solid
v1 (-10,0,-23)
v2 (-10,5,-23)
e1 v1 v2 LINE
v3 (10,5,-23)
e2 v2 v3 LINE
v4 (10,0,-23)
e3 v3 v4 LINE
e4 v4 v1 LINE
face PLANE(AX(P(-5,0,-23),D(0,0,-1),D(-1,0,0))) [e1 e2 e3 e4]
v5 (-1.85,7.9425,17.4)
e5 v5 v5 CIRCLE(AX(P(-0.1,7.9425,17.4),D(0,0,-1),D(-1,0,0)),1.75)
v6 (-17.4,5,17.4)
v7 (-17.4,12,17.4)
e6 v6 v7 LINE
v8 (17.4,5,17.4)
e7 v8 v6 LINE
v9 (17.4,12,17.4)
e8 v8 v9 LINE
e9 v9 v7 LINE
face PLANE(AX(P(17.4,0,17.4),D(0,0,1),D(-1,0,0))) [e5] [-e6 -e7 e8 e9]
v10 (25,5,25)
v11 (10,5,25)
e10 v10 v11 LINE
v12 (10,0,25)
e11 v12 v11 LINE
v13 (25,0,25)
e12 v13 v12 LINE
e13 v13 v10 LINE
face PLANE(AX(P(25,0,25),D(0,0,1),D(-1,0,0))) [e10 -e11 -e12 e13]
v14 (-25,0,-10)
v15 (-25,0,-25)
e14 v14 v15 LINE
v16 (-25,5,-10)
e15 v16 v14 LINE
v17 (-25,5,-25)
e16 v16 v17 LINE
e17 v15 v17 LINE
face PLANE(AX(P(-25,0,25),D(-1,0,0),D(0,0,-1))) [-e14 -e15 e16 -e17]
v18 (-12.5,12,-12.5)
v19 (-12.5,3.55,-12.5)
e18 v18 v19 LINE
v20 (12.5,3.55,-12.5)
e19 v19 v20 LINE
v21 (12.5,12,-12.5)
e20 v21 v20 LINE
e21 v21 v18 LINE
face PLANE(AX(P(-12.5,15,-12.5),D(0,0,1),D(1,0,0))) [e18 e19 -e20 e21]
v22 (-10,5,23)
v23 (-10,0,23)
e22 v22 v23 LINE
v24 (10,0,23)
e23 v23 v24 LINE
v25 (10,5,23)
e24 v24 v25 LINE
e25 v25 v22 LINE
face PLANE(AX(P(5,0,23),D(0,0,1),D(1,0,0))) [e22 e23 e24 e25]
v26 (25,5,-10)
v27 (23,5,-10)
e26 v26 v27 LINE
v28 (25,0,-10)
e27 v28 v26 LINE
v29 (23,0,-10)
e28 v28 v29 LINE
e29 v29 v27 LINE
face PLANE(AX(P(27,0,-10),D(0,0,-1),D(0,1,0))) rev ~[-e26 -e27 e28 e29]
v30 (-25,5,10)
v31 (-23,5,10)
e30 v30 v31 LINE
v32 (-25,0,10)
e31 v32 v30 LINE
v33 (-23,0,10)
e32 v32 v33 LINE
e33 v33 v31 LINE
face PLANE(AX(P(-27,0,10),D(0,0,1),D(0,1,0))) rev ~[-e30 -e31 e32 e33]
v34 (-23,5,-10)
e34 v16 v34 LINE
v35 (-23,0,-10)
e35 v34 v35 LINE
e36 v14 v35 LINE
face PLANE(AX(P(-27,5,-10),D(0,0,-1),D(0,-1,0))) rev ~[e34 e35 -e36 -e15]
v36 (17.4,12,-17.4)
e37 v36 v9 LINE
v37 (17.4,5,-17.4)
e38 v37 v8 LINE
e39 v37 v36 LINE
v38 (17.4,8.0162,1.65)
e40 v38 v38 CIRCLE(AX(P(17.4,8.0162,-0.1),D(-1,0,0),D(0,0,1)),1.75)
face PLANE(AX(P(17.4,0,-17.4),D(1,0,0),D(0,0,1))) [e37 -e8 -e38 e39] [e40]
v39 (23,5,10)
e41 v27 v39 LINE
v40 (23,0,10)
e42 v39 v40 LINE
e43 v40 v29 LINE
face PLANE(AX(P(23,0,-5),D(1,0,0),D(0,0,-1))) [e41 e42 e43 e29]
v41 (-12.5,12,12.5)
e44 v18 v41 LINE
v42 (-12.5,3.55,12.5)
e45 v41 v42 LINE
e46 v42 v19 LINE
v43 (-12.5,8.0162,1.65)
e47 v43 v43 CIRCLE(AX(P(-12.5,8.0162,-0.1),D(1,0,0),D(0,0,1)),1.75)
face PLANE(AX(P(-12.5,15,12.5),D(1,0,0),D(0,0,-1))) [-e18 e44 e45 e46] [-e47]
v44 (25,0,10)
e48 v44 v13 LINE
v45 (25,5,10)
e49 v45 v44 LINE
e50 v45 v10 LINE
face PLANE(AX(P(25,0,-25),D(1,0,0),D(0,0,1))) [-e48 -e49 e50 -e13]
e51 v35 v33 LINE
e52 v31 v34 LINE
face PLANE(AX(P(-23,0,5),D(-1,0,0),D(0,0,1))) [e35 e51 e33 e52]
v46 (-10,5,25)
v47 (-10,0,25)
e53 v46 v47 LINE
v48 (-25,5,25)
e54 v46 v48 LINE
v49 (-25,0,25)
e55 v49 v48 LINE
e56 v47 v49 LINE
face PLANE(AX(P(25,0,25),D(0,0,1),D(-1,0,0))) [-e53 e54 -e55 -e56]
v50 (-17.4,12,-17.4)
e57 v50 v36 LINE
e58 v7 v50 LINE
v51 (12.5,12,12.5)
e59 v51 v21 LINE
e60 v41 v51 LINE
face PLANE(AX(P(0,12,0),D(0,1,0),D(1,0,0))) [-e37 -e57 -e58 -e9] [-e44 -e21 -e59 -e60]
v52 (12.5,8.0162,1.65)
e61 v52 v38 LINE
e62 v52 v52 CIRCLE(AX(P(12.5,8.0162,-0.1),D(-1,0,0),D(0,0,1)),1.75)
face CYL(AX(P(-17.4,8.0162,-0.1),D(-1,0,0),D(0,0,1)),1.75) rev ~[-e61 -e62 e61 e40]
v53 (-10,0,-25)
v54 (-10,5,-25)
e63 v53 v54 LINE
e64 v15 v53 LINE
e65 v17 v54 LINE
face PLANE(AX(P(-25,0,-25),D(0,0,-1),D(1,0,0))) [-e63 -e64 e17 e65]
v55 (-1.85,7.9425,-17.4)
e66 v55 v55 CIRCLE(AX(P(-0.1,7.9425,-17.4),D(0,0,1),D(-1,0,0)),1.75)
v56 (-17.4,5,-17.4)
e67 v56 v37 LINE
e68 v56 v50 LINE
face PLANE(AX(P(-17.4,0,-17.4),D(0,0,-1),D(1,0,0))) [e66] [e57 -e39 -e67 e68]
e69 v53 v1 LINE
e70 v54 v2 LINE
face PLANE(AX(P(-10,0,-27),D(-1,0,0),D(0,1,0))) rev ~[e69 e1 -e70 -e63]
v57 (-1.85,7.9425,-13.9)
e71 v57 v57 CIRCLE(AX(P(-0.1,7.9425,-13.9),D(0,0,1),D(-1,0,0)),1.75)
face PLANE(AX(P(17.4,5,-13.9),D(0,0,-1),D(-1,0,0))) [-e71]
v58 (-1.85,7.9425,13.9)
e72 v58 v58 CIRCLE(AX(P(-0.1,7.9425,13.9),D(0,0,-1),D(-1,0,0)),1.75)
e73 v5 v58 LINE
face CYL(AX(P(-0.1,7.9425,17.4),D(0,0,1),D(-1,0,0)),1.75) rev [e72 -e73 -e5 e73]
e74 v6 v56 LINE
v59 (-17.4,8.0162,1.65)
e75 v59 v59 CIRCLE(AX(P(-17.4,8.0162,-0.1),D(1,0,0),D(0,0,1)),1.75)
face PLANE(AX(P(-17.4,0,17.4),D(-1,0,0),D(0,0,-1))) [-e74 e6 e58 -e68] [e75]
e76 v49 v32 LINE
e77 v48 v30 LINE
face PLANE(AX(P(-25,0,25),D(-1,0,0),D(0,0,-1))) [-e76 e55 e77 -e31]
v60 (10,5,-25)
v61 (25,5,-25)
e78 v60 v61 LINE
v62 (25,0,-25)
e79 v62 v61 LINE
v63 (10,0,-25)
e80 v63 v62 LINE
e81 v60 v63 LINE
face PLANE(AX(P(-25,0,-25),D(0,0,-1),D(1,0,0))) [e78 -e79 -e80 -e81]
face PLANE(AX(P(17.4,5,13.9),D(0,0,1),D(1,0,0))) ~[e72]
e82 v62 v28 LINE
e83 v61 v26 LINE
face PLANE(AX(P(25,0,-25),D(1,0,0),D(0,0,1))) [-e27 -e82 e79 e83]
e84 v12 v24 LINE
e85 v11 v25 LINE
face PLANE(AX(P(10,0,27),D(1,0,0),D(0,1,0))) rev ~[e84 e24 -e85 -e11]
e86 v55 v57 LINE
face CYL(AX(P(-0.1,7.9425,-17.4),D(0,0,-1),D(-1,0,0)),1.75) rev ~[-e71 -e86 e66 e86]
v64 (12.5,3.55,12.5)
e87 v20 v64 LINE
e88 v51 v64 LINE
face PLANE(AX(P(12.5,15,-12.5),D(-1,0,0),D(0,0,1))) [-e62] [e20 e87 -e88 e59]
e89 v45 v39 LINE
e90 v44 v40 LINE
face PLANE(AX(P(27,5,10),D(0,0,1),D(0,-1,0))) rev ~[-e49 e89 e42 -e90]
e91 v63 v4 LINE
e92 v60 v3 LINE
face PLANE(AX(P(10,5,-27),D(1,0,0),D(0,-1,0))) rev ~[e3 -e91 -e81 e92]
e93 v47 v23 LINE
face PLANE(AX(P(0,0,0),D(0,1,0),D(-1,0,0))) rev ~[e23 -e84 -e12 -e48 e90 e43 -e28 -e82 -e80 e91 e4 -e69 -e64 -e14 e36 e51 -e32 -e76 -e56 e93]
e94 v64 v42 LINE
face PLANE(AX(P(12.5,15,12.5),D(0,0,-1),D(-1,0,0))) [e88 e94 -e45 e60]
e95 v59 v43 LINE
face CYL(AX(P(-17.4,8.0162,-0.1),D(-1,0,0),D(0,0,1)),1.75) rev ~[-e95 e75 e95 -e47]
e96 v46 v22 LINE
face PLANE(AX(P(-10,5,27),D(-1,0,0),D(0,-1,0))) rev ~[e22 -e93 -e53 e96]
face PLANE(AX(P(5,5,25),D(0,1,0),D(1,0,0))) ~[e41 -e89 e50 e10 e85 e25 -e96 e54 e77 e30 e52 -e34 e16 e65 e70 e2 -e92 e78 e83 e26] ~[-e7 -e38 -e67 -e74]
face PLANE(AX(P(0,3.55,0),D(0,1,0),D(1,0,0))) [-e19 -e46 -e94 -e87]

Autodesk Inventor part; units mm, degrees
ref_plane "YZ Plane" through (0, 0, 0) normal (1, 0, 0) x (0, 1, 0)
ref_plane "XZ Plane" through (0, 0, 0) normal (0, 1, 0) x (-1, 0, 0)
ref_plane "XY Plane" through (0, 0, 0) normal (0, 0, 1) x (1, 0, 0)
sketch "Sketch1" plane through (0, 0, 0) normal (0, 1, 0) x (-1, 0, 0)
  line L0 (-25, 25) -> (25, 25)
  line L1 (25, 25) -> (25, -25)
  line L2 (25, -25) -> (-25, -25)
  line L3 (-25, -25) -> (-25, 25)
  line L4 (-25, 25) -> (25, -25) construction
  line L5 (25, 25) -> (-25, -25) construction
  line L6 (-17.4, 17.4) -> (17.4, 17.4)
  line L7 (17.4, 17.4) -> (17.4, -17.4)
  line L8 (17.4, -17.4) -> (-17.4, -17.4)
  line L9 (-17.4, -17.4) -> (-17.4, 17.4)
  line L10 (-17.4, 17.4) -> (17.4, -17.4) construction
  line L11 (17.4, 17.4) -> (-17.4, -17.4) construction
  point P0 (0, 0)
  dimension "d0" = 50
  dimension "d1" = 50
  dimension "d2" = 34.8
  dimension "d3" = 34.8
extrude "Extrusion1" add sketch "Sketch1" along normal blind 5
extrude "Extrusion2" add sketch "Sketch1" along normal blind 15 contours L6 L7 L8 L9
sketch "Sketch3" plane through (0, 15, 0) normal (0, 1, 0) x (1, 0, 0)
  point P0 (0, 0)
ref_plane "Work Plane6" through (0, 5, 17.4) normal (-1, 0, 0) x (0, 0, 1)
ref_plane "Work Plane7" through (-17.4, 5, 0) normal (0, 0, 1) x (1, 0, 0)
sketch "Sketch6" plane through (0, 0, 0) normal (0, -1, 0) x (1, 0, 0)
  line L0 (-25, 25) -> (25, 25) projected
  line L1 (-5, -25) -> (5, -25)
  line L2 (5, -25) -> (5, 25)
  line L3 (5, 25) -> (-5, 25)
  line L4 (-5, 25) -> (-5, -25)
  line L5 (-5, -25) -> (5, 25) construction
  line L6 (5, -25) -> (-5, 25) construction
  line L7 (25, 25) -> (25, -25) projected
  line L8 (-25, -5) -> (25, -5)
  line L9 (25, -5) -> (25, 5)
  line L10 (25, 5) -> (-25, 5)
  line L11 (-25, 5) -> (-25, -5)
  line L12 (-25, -5) -> (25, 5) construction
  line L13 (25, -5) -> (-25, 5) construction
  point P0 (0, 0)
  point P1 (-5, -5)
  point P2 (5, -5)
  point P3 (5, 5)
  point P4 (-5, 5)
  dimension "d14" = 10
extrude "Extrusion5" add sketch "Sketch6" along normal blind 2 contours L0 L2 L10 L4 | L10 L2 L8 L4 | L4 L8 L11 L10 | L10 L7 L8 L2 | L8 L2 L1 L4
sketch "Sketch7" plane through (-25, 0, 25) normal (-1, 0, 0) x (0, 0, 1)
  line L0 (-20, -2) -> (-30, -2) projected
  line L1 (-7.6, 5) -> (-42.4, 5) projected
  line L2 (-20, -2) -> (-30, -2)
  line L3 (-30, -2) -> (-30, 5)
  line L4 (-30, 5) -> (-20, 5)
  line L5 (-20, 5) -> (-20, -2)
  point P0 (-25, 0)
  dimension "d17" = 10
extrude "Extrusion6" add sketch "Sketch7" along normal blind 2
mirror "Mirror4" about plane through (0, 5, 17.4) normal (-1, 0, 0) of "Extrusion6"
sketch "Sketch8" plane through (25, 5, -25) normal (0, 0, -1) x (-1, 0, 0)
  line L0 (30, -7) -> (20, -7) projected
  line L1 (0, 0) -> (50, 0) projected
  line L2 (20, -7) -> (30, -7)
  line L3 (30, -7) -> (30, 0)
  line L4 (30, 0) -> (20, 0)
  line L5 (20, 0) -> (20, -7)
  point P0 (25, -5)
  dimension "d20" = 10
extrude "Extrusion7" add sketch "Sketch8" along normal blind 2
mirror "Mirror5" about plane through (-17.4, 5, 0) normal (0, 0, 1) of "Extrusion7"
sketch "Sketch9" plane through (0, 0, 0) normal (0, -1, 0) x (1, 0, 0)
  line L0 (-27, 27) -> (27, 27)
  line L1 (27, 27) -> (27, -27)
  line L2 (27, -27) -> (-27, -27)
  line L3 (-27, -27) -> (-27, 27)
  line L4 (-27, 27) -> (27, -27) construction
  line L5 (27, 27) -> (-27, -27) construction
  point P0 (0, 0)
  dimension "d24" = 54
  dimension "d25" = 54
extrude "Extrusion8" cut sketch "Sketch9" along normal blind 6.75
sketch "Sketch10" plane through (0, 15, 0) normal (0, 1, 0) x (1, 0, 0)
  line L0 (12.5, -12.5) -> (-12.5, -12.5)
  line L1 (-12.5, -12.5) -> (-12.5, 12.5)
  line L2 (-12.5, 12.5) -> (12.5, 12.5)
  line L3 (12.5, 12.5) -> (12.5, -12.5)
  line L4 (12.5, -12.5) -> (-12.5, 12.5) construction
  line L5 (-12.5, -12.5) -> (12.5, 12.5) construction
  point P0 (0, 0)
  dimension "d28" = 25
  dimension "d29" = 25
extrude "Extrusion9" cut sketch "Sketch10" against normal blind 11.45
sketch "Sketch11" plane through (-17.4, 5, 17.4) normal (-1, 0, 0) x (0, 0, 1)
  line L0 (-17.5, 0.0162) -> (-17.5, 3.0162)
  circle A0 centre (-17.5, 3.0162) radius 1.75
  point P0 (-17.4, -5)
  dimension "d33" = 3
  dimension "d34" = 3.5
extrude "Extrusion10" cut sketch "Sketch11" against normal through all
sketch "Sketch12" plane through (17.4, 5, -17.4) normal (0, 0, -1) x (-1, 0, 0)
  line L0 (17.5, -0.0575) -> (17.5, 2.9425)
  circle A0 centre (17.5, 2.9425) radius 1.75
  point P0 (17.4, -5)
  dimension "d37" = 3
  dimension "d38" = 3.5
extrude "Extrusion11" cut sketch "Sketch12" against normal blind 3.5
mirror "Mirror6" about plane through (-17.4, 5, 0) normal (0, 0, 1) of "Extrusion11"
sketch "Sketch13" plane through (0, 15, 0) normal (0, 1, 0) x (1, 0, 0)
  line L0 (5, -25) -> (25, -25) projected
  line L1 (-25, 25) -> (25, 25)
  line L2 (25, 25) -> (25, -25)
  line L3 (25, -25) -> (-25, -25)
  line L4 (-25, -25) -> (-25, 25)
  line L5 (-25, 25) -> (25, -25) construction
  line L6 (25, 25) -> (-25, -25) construction
  point P0 (0, 0)
  point P1 (5, -25)
extrude "Extrusion12" cut sketch "Sketch13" against normal blind 3
sketch "Sketch14" plane through (27, 0, -5) normal (1, 0, 0) x (0, 0, -1)
  line L0 (12.4, 5) -> (-22.4, 5) projected
  line L1 (-15, 0) -> (5, 0)
  line L2 (5, 0) -> (5, 5)
  line L3 (5, 5) -> (-15, 5)
  line L4 (-15, 5) -> (-15, 0)
  line L5 (-15, 0) -> (5, 5) construction
  line L6 (5, 0) -> (-15, 5) construction
  point P0 (-5, 0)
  point P1 (-5, 2.5)
  dimension "d43" = 20
extrude "Extrusion13" cut sketch "Sketch14" against normal blind 4
pattern_circular "Circular Pattern1" count 4 over 360 about axis through (0, -10, 0) along (0, 1, 0) of "Extrusion13"
properties part number "Pokrywka"
